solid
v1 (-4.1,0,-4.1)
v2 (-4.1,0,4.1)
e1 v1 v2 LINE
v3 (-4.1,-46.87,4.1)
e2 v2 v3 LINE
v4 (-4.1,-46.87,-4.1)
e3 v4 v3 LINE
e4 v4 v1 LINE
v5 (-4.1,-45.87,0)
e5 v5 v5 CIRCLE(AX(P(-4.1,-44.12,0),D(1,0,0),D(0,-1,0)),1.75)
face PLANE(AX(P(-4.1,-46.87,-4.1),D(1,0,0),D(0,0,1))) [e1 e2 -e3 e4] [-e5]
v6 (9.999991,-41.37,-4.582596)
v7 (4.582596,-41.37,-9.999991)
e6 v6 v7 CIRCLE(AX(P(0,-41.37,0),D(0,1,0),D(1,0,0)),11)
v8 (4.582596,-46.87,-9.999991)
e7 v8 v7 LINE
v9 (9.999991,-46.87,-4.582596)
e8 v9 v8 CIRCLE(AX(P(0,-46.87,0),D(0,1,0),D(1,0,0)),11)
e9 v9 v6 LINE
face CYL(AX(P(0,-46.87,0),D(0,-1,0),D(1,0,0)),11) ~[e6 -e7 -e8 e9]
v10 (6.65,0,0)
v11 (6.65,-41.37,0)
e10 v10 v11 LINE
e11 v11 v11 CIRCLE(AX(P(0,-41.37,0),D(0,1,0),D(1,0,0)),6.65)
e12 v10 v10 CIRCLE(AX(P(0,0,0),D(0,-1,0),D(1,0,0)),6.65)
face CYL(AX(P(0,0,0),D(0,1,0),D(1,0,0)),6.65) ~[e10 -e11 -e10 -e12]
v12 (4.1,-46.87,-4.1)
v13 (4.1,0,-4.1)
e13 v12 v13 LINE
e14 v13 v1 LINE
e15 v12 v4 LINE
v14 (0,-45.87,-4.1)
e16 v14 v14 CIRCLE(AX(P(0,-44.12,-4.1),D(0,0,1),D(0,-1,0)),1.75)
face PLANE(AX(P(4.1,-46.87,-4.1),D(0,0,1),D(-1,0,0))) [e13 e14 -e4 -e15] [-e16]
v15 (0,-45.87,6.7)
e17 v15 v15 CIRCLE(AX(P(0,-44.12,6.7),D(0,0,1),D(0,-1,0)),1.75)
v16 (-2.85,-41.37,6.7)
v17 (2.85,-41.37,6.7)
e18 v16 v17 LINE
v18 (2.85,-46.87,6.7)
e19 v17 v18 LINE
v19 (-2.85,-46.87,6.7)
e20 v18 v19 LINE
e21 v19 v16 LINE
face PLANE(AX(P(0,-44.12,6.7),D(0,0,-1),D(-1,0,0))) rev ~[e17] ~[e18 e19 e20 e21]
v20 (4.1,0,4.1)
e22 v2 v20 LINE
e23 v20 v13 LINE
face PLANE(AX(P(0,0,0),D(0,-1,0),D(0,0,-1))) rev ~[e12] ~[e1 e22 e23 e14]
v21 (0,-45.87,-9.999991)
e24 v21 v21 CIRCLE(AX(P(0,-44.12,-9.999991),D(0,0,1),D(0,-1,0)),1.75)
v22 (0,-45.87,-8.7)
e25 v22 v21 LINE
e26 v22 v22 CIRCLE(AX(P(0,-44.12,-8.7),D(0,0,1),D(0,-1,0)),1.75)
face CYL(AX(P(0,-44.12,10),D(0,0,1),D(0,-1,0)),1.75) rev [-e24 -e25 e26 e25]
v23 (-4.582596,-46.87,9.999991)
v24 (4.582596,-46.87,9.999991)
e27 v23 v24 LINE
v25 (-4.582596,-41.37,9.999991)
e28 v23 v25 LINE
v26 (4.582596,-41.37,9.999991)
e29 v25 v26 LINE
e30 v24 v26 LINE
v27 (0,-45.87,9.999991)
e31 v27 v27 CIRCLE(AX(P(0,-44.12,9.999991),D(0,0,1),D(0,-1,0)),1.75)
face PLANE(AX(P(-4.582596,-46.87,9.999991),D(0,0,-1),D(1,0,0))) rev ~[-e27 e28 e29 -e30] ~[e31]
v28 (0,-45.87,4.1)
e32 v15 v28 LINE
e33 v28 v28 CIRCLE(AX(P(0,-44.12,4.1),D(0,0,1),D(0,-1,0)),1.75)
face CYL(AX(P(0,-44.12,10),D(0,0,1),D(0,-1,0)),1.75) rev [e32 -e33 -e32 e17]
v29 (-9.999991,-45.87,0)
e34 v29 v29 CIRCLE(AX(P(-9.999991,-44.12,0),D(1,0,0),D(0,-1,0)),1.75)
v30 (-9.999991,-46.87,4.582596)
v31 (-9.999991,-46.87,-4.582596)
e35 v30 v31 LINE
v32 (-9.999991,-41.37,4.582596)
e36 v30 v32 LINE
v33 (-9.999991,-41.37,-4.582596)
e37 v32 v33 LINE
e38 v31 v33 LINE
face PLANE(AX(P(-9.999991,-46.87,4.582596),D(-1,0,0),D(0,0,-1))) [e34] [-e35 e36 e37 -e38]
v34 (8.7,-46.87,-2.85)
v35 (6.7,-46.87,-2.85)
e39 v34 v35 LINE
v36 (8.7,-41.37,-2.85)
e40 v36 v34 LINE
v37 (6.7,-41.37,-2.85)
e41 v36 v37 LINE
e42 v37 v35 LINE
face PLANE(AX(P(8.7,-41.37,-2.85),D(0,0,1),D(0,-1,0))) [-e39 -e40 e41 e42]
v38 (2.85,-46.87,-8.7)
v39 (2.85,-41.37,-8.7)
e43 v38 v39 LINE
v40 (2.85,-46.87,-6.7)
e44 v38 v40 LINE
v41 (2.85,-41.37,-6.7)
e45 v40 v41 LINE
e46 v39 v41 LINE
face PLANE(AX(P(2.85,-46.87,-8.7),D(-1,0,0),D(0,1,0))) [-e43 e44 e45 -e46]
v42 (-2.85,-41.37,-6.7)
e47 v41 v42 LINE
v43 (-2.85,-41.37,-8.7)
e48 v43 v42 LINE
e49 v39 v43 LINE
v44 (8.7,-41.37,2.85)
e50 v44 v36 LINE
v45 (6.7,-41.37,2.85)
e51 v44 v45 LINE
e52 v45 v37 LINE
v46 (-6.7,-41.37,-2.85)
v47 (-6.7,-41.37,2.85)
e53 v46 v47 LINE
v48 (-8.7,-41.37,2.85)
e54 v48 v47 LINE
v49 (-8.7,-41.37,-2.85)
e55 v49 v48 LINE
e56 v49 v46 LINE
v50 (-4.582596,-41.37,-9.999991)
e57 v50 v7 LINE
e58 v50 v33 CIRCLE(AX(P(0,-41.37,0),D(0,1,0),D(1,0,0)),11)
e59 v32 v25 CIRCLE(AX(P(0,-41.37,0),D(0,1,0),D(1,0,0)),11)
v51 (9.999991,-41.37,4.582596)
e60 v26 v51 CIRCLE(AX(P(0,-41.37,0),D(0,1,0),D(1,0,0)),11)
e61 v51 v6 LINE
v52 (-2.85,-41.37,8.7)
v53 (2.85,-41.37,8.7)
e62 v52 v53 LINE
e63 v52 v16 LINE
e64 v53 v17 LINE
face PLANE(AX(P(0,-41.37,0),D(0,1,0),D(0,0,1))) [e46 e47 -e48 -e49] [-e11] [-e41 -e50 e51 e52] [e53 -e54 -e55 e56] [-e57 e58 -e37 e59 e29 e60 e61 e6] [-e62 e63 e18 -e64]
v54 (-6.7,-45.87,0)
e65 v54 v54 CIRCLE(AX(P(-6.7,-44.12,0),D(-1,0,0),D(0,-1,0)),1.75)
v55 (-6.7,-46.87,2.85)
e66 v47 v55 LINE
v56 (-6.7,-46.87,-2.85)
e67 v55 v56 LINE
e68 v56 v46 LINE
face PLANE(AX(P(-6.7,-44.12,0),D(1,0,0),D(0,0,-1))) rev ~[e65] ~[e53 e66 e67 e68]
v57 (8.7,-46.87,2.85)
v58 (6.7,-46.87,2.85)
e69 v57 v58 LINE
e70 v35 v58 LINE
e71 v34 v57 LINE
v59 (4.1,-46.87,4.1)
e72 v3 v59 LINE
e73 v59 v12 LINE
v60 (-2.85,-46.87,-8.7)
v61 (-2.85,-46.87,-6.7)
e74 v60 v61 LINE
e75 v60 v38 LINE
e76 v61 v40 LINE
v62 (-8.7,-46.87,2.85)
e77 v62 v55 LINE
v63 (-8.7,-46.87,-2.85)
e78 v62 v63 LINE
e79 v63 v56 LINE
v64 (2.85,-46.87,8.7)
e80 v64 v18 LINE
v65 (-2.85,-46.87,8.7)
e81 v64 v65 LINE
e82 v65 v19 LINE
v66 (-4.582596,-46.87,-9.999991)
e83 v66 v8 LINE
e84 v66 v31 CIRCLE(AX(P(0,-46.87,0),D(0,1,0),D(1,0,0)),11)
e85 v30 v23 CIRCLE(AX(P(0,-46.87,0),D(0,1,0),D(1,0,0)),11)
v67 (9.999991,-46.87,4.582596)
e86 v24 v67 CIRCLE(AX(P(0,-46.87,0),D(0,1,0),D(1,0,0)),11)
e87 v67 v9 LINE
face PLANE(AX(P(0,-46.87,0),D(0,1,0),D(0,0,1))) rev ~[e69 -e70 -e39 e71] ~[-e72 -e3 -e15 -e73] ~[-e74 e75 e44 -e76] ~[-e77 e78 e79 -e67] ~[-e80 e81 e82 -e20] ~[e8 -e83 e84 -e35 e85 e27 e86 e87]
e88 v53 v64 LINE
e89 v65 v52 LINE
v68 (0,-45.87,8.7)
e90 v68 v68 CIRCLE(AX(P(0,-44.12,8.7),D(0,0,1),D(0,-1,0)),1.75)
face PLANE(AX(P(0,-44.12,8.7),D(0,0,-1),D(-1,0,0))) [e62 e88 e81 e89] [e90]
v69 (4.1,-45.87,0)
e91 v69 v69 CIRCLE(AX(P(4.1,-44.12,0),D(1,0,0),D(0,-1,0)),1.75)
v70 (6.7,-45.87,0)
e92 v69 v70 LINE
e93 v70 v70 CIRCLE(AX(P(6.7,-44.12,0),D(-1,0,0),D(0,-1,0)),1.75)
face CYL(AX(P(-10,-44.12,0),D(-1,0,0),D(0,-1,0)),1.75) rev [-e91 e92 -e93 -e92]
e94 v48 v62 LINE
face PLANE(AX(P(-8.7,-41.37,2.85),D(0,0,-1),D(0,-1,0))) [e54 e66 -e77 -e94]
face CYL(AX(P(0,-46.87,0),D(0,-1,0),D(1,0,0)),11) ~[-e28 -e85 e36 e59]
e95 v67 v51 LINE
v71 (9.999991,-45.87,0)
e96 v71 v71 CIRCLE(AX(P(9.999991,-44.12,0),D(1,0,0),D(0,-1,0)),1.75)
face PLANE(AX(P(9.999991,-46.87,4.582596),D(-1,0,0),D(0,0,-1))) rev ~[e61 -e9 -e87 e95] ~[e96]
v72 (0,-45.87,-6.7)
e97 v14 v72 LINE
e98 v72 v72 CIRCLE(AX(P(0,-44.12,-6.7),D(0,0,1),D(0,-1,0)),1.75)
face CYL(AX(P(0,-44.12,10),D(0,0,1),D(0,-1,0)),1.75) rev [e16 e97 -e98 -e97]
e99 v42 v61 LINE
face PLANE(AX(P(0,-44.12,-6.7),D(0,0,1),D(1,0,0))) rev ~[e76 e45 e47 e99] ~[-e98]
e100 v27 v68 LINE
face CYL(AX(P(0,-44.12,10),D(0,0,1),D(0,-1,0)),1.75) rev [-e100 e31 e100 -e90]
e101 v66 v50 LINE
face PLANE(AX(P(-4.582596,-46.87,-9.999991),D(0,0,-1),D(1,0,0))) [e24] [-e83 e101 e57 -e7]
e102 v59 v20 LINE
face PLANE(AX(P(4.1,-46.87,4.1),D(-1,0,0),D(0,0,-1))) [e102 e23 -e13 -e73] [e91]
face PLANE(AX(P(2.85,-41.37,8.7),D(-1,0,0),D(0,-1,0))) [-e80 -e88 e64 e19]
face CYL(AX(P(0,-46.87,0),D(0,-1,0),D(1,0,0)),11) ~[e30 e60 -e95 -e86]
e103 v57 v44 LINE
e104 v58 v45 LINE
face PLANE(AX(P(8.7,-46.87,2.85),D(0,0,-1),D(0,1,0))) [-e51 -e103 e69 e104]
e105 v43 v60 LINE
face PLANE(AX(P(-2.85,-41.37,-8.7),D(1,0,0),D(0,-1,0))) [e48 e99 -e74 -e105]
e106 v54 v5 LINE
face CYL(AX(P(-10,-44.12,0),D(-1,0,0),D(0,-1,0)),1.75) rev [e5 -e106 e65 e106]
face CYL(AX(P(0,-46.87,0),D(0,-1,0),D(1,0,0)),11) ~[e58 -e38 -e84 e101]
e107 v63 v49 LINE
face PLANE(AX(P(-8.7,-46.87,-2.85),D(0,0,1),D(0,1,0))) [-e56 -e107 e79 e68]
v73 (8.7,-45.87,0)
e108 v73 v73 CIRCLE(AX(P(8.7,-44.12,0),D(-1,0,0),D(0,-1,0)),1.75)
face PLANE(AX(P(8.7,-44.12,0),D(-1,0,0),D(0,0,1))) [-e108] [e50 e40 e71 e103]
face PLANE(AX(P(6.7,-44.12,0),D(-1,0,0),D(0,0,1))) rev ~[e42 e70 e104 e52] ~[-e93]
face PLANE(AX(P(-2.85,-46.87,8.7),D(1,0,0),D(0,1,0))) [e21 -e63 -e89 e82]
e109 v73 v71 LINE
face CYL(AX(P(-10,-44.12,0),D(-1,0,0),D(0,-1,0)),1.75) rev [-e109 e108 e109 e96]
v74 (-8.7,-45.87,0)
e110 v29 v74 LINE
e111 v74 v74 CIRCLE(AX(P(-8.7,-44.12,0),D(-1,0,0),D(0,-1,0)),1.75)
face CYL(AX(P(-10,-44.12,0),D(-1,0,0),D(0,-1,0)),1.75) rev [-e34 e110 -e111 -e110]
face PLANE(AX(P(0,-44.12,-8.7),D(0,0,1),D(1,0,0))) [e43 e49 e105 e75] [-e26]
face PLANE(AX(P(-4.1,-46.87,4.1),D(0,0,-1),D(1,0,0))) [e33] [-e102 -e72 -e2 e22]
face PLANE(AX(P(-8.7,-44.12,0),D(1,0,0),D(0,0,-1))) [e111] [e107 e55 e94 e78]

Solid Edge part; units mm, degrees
sketch "Sketch1" plane through (0, 0, 0) normal (0, -1, 0) x (1, 0, 0)
  circle A0 centre (0, 0) radius 6.65
  dimension "D1" = 13.3
extrude "Protrusion1" add sketch "Sketch1" along normal blind 46.87
sketch "Sketch2" plane through (0, -46.87, 0) normal (0, -1, 0) x (1, 0, 0)
  line L0 (-4.1, 4.1) -> (4.1, 4.1)
  line L1 (4.1, 4.1) -> (4.1, -4.1)
  line L2 (4.1, -4.1) -> (-4.1, -4.1)
  line L3 (-4.1, -4.1) -> (-4.1, 4.1)
  dimension "D1" = 8.2
extrude "Cutout1" cut sketch "Sketch2" against normal through all
sketch "Sketch3" plane through (0, -46.87, 0) normal (0, -1, 0) x (1, 0, 0)
  line L0 (4.1, -4.1) -> (-4.1, -4.1)
  line L1 (-4.1, -4.1) -> (-4.1, 4.1)
  line L2 (-4.1, 4.1) -> (4.1, 4.1)
  line L3 (4.1, 4.1) -> (4.1, -4.1)
  line L4 (-4.5826, 10) -> (4.5826, 10)
  arc A0 (4.5826, 10) -> (10, 4.5826) centre (0, 0) cw
  line L5 (10, 4.5826) -> (10, -4.5826)
  line L6 (-4.5826, -10) -> (4.5826, -10)
  arc A1 (-4.5826, -10) -> (-10, -4.5826) centre (0, 0) cw
  line L7 (-10, 4.5826) -> (-10, -4.5826)
  arc A2 (-10, 4.5826) -> (-4.5826, 10) centre (0, 0) cw
  arc A3 (10, -4.5826) -> (4.5826, -10) centre (0, 0) cw
extrude "Protrusion2" add sketch "Sketch3" against normal up to vertex (5.5 mm away)
sketch "Sketch4" plane through (0, -42.25, 8.7) normal (0, 0, 1) x (1, 0, 0)
  line L0 (-2.85, 0.88) -> (2.85, 0.88)
  line L1 (2.85, 0.88) -> (2.85, -4.62)
  line L2 (2.85, -4.62) -> (-2.85, -4.62)
  line L3 (-2.85, -4.62) -> (-2.85, 0.88)
extrude "Extrusionsausschnitt_2" cut sketch "Sketch4" against normal blind 2
hole "Hole1" at (0, -44.12, 10) direction (0, 0, -1) diameter 3.5 end through all
pattern_circular "Pattern1" count 4 over 360 about axis through (0, -46.87, 0) along (0, -1, 0) of "Hole1", "Extrusionsausschnitt_2"
